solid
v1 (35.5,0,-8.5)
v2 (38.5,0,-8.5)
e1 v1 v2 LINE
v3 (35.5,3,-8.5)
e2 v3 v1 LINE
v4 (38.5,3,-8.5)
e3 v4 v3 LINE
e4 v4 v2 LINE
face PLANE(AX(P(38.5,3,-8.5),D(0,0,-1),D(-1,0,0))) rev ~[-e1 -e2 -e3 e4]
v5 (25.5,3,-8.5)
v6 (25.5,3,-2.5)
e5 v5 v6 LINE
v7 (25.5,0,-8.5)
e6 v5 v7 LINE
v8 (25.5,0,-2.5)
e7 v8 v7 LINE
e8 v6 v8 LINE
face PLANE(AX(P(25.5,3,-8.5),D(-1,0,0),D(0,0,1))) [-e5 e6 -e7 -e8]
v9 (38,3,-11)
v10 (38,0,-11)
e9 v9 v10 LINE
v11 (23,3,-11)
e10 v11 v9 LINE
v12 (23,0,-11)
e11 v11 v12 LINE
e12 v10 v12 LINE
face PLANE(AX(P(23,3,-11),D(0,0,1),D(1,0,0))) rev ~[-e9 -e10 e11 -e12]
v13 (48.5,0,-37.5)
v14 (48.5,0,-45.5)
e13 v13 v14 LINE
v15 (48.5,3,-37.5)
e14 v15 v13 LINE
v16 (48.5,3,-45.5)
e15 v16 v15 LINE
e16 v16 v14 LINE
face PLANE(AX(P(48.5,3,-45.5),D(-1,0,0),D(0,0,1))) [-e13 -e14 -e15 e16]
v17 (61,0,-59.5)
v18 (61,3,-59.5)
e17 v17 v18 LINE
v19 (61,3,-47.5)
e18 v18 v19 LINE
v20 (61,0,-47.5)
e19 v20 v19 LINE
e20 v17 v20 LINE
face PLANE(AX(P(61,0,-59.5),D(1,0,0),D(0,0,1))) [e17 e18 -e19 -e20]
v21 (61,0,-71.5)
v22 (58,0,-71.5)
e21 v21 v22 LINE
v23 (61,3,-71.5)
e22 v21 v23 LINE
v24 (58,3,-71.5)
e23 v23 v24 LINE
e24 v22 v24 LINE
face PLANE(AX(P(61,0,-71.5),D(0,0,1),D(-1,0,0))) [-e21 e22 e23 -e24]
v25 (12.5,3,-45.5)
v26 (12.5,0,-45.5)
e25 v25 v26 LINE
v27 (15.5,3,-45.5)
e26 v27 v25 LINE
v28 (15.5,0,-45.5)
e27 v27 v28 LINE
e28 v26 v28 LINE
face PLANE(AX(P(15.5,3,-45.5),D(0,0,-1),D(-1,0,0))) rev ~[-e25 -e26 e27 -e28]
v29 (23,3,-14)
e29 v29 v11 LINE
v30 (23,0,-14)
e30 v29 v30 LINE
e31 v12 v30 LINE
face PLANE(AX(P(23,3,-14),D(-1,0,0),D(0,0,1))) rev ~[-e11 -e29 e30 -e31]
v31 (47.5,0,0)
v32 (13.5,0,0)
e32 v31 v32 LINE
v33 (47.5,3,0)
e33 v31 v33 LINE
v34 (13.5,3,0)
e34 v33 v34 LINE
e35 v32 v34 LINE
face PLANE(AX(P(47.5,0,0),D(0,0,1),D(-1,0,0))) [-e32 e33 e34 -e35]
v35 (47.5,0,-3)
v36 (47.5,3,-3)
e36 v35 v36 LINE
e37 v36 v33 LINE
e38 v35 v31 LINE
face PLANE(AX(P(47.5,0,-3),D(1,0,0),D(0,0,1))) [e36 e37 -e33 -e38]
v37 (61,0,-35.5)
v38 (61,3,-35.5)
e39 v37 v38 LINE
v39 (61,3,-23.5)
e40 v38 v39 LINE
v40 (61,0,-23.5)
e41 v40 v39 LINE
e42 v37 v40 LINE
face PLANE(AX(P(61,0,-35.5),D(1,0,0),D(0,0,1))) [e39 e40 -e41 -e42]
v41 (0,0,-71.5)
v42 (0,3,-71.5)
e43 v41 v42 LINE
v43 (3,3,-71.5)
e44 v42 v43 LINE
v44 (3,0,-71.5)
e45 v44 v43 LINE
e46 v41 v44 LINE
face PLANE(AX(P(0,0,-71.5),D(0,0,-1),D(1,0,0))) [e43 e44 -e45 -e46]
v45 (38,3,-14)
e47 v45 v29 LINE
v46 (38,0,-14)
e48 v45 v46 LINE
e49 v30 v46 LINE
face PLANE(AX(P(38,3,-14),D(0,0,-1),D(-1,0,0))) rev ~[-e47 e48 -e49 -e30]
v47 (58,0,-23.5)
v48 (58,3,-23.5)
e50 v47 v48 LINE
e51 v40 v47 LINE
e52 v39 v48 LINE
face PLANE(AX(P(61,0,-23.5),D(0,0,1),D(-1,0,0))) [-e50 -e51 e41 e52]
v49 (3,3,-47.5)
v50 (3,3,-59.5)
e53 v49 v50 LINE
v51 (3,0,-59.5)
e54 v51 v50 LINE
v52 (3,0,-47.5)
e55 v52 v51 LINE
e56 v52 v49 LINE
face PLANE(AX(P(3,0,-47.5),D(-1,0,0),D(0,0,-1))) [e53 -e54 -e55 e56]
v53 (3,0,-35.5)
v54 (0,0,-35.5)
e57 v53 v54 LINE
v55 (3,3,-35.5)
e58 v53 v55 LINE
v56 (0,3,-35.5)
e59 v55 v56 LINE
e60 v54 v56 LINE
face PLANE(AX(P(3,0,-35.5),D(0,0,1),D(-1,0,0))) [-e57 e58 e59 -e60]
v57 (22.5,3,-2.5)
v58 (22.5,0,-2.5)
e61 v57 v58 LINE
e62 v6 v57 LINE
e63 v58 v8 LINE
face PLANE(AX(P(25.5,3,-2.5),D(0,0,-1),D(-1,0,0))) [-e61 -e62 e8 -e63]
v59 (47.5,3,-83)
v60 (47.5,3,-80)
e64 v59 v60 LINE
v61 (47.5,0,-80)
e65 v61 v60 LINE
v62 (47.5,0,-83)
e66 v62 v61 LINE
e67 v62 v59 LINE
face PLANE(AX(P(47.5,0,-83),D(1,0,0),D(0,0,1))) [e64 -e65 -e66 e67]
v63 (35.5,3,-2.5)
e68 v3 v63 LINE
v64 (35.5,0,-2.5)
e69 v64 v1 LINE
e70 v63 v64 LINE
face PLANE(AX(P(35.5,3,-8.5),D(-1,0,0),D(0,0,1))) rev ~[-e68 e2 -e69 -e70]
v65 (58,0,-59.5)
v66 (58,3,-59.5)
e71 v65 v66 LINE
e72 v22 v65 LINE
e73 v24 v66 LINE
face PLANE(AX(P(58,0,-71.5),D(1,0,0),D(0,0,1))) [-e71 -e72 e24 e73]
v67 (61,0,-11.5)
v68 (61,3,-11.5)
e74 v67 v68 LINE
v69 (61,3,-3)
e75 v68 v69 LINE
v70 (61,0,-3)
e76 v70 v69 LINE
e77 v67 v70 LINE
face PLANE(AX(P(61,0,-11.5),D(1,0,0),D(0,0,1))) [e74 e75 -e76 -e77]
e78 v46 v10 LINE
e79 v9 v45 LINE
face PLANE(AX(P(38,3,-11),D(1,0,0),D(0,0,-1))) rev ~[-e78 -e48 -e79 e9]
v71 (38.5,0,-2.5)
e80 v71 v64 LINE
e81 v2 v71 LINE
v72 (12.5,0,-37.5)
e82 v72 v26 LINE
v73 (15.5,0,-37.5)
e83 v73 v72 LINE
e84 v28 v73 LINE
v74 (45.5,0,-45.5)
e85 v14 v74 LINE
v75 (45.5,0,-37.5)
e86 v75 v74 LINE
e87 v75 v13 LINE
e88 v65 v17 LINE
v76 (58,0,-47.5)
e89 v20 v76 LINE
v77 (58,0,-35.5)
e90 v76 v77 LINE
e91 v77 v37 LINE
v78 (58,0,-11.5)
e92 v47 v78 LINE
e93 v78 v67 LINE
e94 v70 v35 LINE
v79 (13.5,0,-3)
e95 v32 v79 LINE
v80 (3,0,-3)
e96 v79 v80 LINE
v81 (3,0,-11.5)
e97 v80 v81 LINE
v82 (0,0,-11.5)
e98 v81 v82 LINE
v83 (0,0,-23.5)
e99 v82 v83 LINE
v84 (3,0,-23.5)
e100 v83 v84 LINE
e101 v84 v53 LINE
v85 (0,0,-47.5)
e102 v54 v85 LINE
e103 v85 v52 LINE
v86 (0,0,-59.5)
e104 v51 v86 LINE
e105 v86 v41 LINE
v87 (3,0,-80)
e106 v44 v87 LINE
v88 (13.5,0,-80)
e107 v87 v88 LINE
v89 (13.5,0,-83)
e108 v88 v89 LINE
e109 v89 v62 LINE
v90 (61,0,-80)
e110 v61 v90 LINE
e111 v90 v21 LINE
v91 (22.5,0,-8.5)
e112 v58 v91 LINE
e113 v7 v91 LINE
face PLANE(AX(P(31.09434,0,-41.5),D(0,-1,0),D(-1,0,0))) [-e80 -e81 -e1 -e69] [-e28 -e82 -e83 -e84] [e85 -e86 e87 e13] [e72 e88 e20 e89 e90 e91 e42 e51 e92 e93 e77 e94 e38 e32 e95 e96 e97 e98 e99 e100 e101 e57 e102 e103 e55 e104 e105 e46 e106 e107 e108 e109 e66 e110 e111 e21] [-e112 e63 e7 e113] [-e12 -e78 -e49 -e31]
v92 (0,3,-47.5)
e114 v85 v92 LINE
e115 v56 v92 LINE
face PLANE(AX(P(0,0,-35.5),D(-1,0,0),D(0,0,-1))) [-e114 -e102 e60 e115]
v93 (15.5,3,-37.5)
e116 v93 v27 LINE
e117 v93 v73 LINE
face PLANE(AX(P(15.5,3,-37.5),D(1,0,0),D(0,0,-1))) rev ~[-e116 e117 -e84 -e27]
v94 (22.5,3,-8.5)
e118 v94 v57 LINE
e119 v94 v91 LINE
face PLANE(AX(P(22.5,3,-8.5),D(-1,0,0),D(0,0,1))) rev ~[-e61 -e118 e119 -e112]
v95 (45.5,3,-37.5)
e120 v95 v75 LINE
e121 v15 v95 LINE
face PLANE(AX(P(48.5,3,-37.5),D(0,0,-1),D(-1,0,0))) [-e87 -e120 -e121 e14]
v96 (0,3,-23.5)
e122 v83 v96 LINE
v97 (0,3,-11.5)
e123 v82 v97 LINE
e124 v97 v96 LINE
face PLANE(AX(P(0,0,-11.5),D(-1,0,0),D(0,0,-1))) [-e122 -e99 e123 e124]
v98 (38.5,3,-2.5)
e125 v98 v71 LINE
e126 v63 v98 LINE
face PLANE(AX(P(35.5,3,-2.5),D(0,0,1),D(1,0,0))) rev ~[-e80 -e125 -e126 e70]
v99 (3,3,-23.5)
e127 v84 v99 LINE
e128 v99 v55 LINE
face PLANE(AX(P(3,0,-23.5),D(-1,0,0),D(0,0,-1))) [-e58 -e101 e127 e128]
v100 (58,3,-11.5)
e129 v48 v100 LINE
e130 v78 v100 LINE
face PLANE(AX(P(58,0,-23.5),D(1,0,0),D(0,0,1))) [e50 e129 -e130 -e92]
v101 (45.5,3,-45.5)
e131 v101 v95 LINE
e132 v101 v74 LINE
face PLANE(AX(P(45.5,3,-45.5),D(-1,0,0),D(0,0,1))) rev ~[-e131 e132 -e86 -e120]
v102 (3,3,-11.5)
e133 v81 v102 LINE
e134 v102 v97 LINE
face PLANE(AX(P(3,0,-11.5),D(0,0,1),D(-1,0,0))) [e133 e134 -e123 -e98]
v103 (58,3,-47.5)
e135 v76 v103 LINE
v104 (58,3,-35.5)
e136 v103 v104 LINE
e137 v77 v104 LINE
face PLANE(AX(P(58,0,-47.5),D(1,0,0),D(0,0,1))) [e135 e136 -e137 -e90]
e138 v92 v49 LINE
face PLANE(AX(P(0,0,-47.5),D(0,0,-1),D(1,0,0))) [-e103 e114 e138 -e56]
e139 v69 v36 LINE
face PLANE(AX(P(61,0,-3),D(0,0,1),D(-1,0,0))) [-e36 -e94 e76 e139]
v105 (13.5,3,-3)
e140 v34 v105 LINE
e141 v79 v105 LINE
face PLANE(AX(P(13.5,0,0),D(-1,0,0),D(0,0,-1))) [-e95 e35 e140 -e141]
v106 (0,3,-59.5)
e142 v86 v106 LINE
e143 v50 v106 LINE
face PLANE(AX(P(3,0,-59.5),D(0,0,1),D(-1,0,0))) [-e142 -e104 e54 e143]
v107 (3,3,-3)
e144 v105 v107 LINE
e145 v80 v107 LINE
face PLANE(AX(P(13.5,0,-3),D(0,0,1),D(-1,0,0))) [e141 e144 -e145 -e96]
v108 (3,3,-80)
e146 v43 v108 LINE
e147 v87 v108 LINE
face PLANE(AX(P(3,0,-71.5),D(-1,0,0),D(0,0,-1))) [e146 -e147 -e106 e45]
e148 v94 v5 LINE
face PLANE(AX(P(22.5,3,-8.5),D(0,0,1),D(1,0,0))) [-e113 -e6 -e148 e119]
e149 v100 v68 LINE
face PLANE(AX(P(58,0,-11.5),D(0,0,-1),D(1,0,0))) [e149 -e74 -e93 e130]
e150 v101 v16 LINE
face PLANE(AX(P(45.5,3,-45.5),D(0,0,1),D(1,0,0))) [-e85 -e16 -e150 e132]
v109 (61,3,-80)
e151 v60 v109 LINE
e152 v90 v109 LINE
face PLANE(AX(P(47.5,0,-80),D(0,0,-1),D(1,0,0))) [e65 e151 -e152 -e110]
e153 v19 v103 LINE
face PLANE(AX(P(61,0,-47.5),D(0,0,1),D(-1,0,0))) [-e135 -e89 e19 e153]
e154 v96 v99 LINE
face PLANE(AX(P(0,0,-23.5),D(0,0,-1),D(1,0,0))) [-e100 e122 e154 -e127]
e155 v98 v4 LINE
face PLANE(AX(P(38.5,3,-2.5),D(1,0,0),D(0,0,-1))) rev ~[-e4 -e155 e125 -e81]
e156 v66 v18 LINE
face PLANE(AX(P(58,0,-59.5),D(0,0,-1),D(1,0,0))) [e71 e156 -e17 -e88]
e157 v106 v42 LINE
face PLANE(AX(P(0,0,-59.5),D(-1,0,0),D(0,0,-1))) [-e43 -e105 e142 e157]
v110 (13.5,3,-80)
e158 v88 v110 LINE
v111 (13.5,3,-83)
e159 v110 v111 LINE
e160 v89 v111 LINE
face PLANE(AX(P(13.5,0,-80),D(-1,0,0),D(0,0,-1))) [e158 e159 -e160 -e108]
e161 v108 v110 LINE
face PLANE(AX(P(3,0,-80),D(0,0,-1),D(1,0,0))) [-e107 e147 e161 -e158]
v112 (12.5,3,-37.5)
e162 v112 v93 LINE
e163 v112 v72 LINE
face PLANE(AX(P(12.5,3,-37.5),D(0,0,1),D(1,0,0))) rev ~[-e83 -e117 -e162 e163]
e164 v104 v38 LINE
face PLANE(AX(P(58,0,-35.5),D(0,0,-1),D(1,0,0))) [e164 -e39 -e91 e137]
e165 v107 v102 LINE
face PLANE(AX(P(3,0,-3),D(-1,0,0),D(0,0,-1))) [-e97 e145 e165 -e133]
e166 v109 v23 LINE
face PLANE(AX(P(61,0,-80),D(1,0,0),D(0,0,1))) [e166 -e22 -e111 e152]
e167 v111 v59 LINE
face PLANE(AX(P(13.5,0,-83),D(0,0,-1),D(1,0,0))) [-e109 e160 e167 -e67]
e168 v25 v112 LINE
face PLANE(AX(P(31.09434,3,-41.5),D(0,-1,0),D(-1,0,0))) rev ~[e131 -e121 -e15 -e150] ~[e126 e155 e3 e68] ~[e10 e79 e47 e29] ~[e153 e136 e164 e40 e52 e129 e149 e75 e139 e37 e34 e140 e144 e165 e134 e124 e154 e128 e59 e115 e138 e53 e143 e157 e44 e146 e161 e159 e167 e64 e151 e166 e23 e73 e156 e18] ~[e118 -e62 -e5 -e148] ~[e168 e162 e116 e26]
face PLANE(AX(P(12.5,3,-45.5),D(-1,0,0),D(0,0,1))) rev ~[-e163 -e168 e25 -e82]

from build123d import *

# Parameters (mm, degrees)
SALIENTE_EXTRUIR1_DEPTH = 3
CORTAR_EXTRUIR1_DEPTH   = 10


with BuildPart() as part:
    # Croquis1 → Saliente-Extruir1 (new body)
    with BuildSketch(Plane(origin=(0, 0, 0), x_dir=(1, 0, 0), z_dir=(0, 1, 0))):
        Polygon((3, 35.5), (0, 35.5), (0, 47.5), (3, 47.5), (3, 59.5), (0, 59.5), (0, 71.5), (3, 71.5), (3, 80), (13.5, 80), (13.5, 83), (47.5, 83), (47.5, 80), (61, 80), (61, 71.5), (58, 71.5), (58, 59.5), (61, 59.5), (61, 47.5), (58, 47.5), (58, 35.5), (61, 35.5), (61, 23.5), (58, 23.5), (58, 11.5), (61, 11.5), (61, 3), (47.5, 3), (47.5, 0), (13.5, 0), (13.5, 3), (3, 3), (3, 11.5), (0, 11.5), (0, 23.5), (3, 23.5), align=None)
    extrude(amount=SALIENTE_EXTRUIR1_DEPTH)

    # Croquis2 → Cortar-Extruir1 (cut)
    with BuildSketch(Plane(origin=(0, 3, 0), x_dir=(1, 0, 0), z_dir=(0, 1, 0))):
        Polygon((15.5, 41.5), (15.5, 45.5), (12.5, 45.5), (12.5, 37.5), (15.5, 37.5), align=None)
        Polygon((45.5, 37.5), (45.5, 41.5), (45.5, 45.5), (48.5, 45.5), (48.5, 37.5), align=None)
        Polygon((30.5, 14), (23, 14), (23, 11), (25, 11), (38, 11), (38, 14), align=None)
        Polygon((35.5, 8.5), (35.5, 2.5), (38.5, 2.5), (38.5, 5.5), (38.5, 8.5), align=None)
        Polygon((22.5, 5.5), (22.5, 8.5), (25.5, 8.5), (25.5, 2.5), (22.5, 2.5), align=None)
    extrude(amount=-CORTAR_EXTRUIR1_DEPTH, mode=Mode.SUBTRACT)


solid = part.part
